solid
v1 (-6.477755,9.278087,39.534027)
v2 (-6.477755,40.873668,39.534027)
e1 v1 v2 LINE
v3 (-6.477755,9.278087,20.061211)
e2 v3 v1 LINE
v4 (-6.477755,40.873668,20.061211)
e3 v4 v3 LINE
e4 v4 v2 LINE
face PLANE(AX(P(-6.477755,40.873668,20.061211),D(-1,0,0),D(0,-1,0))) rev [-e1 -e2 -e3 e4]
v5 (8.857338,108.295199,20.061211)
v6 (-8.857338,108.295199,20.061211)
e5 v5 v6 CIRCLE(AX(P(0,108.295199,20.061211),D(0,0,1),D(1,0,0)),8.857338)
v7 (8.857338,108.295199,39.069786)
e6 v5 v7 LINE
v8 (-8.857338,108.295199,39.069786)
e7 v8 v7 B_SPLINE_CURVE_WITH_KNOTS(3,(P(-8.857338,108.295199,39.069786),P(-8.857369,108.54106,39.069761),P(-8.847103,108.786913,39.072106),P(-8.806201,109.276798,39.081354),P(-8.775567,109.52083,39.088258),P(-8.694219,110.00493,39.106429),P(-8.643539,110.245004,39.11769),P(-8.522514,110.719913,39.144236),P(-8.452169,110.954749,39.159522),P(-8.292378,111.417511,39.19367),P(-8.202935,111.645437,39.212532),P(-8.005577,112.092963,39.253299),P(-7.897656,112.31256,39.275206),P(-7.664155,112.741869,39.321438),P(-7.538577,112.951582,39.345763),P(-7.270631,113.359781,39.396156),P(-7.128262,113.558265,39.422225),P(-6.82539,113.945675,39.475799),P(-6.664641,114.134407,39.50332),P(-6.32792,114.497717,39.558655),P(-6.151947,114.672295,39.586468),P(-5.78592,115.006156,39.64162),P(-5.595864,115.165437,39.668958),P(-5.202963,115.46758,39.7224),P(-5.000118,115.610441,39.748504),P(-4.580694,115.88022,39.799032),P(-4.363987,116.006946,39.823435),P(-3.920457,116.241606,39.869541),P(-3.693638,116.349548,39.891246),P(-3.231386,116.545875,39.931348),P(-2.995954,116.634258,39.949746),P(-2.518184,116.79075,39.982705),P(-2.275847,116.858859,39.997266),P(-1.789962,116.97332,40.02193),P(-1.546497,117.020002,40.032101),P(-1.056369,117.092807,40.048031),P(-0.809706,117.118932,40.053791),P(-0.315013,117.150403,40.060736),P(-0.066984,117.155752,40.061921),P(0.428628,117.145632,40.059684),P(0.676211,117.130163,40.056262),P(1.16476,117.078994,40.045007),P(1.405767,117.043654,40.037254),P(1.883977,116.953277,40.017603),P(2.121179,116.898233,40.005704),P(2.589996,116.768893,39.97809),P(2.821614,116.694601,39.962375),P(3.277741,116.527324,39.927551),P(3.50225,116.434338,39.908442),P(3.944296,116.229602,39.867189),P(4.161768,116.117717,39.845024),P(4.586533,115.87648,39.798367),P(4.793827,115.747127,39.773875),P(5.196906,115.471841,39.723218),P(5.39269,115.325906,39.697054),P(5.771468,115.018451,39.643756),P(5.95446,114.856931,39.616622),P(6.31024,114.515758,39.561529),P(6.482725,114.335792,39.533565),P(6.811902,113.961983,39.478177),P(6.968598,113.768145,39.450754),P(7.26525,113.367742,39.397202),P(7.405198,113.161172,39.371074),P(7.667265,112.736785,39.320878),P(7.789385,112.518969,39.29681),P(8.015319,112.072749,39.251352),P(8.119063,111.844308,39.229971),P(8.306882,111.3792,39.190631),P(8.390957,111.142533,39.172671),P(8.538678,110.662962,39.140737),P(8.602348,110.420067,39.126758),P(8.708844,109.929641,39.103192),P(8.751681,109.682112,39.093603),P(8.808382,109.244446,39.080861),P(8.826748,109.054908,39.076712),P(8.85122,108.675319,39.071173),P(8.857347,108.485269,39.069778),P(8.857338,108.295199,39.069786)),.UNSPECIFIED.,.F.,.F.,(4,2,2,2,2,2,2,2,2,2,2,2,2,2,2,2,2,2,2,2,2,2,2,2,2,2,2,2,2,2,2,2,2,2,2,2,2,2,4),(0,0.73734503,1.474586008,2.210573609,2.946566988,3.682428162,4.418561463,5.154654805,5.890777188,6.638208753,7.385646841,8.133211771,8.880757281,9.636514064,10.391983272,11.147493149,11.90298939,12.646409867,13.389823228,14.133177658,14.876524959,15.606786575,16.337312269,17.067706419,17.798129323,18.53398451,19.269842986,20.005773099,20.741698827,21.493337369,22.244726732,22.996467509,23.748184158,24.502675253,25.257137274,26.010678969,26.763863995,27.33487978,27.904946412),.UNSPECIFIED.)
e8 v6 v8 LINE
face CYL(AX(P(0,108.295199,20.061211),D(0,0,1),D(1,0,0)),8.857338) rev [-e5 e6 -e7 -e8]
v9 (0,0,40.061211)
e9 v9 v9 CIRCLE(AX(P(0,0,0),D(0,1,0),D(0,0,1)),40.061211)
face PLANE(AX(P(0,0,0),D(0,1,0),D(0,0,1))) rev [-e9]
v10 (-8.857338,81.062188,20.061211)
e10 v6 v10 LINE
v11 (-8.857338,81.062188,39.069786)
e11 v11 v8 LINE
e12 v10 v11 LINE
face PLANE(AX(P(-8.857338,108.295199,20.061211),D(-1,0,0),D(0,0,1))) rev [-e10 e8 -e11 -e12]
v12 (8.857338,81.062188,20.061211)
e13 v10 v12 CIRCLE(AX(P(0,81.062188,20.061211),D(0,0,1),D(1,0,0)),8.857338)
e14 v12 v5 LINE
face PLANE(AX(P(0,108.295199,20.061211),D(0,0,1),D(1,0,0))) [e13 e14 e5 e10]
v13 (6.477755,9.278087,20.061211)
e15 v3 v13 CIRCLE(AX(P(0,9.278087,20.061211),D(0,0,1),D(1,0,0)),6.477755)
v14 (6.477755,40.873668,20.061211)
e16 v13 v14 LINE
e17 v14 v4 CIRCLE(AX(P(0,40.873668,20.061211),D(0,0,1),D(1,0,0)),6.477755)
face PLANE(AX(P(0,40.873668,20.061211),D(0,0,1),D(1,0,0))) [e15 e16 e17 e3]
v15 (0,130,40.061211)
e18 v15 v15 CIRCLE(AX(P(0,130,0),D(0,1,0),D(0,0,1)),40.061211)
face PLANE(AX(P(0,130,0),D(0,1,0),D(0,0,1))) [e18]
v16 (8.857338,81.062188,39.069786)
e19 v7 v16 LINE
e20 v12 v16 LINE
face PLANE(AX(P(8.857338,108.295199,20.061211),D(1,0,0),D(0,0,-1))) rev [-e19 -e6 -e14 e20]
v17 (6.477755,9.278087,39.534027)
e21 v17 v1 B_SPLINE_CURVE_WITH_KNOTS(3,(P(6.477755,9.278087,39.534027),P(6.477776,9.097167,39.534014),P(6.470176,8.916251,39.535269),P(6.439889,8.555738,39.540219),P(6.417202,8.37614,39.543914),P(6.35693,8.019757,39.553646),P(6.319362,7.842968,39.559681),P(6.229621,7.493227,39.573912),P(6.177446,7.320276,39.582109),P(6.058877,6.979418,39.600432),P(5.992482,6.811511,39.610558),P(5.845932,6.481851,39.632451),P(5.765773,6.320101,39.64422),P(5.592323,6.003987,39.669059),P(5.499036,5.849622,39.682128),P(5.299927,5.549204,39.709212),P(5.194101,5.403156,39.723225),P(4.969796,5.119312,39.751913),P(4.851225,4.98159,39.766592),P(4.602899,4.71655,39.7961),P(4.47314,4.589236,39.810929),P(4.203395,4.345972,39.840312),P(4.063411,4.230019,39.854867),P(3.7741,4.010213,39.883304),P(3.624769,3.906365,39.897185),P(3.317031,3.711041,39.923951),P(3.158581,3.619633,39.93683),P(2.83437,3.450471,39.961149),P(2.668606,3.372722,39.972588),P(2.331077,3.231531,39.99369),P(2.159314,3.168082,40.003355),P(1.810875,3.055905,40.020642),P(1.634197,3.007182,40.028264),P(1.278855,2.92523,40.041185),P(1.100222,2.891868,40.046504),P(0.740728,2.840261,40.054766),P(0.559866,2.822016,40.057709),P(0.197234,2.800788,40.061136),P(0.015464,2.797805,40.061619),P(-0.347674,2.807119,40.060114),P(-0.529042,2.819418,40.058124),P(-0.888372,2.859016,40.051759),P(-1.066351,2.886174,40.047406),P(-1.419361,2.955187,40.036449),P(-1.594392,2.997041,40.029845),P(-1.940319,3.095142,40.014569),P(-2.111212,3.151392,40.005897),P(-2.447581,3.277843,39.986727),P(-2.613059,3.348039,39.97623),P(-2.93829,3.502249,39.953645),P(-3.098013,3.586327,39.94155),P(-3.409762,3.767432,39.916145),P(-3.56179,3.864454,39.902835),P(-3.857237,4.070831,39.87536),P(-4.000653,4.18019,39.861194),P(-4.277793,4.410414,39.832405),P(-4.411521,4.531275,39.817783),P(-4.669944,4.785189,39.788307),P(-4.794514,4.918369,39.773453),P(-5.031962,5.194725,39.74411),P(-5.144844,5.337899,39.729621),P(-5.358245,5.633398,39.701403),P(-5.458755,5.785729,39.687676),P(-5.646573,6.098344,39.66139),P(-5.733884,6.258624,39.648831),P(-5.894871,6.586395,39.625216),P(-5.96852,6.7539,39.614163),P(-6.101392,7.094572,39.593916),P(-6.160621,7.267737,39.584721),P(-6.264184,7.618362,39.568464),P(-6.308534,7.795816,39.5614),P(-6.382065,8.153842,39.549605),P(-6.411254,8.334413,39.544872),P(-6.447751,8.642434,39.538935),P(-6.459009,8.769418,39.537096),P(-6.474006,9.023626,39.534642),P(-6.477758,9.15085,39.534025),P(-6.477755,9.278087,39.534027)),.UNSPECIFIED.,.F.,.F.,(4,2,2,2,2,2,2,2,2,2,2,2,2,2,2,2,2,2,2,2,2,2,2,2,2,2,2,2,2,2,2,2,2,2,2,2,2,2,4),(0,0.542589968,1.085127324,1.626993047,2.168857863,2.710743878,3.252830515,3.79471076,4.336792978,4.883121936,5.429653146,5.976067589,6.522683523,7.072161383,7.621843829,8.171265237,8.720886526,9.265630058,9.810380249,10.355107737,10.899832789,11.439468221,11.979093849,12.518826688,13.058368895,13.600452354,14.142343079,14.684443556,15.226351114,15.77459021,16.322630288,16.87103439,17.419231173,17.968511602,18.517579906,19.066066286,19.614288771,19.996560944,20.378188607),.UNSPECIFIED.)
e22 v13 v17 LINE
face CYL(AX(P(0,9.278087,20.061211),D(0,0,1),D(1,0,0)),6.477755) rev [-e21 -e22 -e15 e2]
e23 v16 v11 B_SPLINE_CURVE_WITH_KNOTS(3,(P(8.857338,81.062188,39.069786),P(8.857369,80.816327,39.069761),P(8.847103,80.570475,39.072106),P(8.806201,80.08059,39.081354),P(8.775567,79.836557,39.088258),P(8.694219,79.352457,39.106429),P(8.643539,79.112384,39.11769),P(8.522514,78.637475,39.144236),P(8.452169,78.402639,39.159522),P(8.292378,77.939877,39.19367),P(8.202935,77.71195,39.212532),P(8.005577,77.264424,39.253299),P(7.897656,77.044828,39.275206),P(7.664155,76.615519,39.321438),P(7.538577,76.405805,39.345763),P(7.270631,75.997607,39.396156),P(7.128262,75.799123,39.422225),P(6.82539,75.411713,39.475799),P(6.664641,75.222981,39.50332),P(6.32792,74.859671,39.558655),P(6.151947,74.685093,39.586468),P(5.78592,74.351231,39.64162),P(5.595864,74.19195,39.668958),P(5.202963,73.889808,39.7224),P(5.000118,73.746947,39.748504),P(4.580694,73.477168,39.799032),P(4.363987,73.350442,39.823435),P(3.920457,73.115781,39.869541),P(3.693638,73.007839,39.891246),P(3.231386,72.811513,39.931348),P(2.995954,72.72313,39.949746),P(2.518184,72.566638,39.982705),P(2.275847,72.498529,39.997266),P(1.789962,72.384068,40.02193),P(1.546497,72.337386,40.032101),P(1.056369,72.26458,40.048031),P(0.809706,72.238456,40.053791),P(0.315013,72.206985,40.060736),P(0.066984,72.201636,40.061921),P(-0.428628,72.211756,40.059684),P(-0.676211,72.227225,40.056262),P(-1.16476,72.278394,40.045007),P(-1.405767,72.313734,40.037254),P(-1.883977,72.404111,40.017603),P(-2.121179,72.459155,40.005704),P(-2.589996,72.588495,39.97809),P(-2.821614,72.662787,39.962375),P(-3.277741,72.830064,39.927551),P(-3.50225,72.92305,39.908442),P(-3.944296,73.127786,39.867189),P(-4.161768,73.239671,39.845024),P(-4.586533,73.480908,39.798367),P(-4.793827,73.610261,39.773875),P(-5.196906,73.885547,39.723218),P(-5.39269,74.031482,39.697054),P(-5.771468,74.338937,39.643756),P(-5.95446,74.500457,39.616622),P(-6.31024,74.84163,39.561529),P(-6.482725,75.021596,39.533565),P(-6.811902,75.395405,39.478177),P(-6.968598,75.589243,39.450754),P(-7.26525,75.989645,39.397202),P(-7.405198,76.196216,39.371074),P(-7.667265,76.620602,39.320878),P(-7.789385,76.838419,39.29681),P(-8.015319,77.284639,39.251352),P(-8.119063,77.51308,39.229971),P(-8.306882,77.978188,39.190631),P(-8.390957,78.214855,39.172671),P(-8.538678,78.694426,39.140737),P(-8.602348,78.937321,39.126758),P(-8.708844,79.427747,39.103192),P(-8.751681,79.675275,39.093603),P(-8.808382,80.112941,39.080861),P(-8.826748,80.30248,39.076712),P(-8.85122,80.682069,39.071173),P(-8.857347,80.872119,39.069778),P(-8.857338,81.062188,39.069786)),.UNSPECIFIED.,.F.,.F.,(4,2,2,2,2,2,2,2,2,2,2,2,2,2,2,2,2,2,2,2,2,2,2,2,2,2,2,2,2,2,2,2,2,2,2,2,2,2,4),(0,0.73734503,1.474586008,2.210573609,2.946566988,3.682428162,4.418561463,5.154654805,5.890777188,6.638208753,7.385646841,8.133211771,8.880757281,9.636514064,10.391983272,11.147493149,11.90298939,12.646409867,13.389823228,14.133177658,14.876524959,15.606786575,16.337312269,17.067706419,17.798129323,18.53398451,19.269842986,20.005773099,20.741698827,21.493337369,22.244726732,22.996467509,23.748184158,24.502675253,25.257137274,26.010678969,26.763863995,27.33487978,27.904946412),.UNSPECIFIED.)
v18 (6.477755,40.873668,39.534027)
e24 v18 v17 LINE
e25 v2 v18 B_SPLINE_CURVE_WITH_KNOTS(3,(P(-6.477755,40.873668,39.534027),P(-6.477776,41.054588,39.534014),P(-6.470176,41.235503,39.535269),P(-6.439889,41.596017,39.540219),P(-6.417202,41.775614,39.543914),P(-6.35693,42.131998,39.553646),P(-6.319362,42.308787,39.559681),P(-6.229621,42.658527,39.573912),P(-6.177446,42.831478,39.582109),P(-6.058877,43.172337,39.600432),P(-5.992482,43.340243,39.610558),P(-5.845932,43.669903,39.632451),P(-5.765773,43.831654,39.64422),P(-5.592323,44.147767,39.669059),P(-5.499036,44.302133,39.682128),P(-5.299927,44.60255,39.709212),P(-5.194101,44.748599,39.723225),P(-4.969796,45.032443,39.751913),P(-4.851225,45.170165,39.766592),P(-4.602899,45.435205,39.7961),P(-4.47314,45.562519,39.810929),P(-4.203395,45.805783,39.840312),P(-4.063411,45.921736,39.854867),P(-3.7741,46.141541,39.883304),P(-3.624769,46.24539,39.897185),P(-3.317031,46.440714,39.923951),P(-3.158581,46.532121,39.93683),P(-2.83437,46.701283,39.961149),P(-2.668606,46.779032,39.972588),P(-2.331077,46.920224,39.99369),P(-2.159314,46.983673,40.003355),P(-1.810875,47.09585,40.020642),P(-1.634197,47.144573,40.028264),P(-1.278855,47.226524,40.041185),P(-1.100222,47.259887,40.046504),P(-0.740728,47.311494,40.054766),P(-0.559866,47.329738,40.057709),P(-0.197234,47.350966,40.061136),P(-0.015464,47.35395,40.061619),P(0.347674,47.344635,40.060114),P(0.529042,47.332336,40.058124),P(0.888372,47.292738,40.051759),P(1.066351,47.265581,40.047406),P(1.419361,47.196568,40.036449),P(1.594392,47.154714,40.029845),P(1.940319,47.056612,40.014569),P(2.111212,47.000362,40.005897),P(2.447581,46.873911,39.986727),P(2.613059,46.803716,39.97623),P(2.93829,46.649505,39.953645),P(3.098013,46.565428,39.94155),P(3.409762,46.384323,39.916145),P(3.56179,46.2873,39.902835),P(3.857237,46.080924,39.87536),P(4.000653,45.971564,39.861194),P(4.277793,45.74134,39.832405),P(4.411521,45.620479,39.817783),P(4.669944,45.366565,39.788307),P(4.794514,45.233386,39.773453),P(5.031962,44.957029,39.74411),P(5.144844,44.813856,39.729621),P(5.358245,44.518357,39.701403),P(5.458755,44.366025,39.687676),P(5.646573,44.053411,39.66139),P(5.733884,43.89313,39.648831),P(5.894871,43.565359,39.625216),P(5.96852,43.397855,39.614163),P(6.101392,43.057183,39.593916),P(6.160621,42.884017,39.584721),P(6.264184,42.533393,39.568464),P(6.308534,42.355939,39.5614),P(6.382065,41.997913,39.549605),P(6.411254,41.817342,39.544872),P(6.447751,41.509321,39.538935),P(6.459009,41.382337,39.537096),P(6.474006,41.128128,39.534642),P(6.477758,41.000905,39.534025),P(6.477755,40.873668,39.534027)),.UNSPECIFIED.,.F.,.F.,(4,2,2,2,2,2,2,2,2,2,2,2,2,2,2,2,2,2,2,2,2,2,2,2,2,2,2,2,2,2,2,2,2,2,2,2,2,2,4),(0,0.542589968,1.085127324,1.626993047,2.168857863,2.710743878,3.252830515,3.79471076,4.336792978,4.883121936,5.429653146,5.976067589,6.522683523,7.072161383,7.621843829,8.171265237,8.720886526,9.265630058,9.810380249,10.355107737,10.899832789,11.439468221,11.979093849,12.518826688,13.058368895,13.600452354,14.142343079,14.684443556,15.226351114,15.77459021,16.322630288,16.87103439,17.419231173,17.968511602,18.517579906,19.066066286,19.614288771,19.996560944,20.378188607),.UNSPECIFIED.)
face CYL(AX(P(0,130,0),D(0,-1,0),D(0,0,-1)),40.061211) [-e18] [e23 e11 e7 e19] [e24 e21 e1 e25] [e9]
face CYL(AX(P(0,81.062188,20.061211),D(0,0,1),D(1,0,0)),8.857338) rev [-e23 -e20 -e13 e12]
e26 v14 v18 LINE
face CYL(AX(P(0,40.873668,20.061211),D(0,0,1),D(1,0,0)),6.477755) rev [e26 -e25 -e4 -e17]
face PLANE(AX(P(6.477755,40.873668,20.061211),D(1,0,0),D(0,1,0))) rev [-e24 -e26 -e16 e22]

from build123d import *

# Parameters (mm, degrees)
SKETCH_1_R          = 40.061210901
EXTRUDE_1_DEPTH     = 130
CUT_EXTRUDE_1_DEPTH = 20


with BuildPart() as part:
    # 草图1 → 凸台-拉伸1 (new body)
    with BuildSketch(Plane(origin=(0, 0, 0), x_dir=(1, 0, 0), z_dir=(0, 1, 0))):
        with Locations(Location((0, 0, 0), (0, 0, 270))):
            Circle(SKETCH_1_R)
    extrude(amount=EXTRUDE_1_DEPTH)

    # 草图2 → 切除-拉伸1 (cut)
    with BuildSketch(Plane.XY.offset(40.061210901)):
        with BuildLine():
            Line((8.857338492, 108.295199344), (8.857338492, 81.062188459))
            ThreePointArc((8.857338492, 81.062188459), (0, 72.204849967), (-8.857338492, 81.062188459))
            Line((-8.857338492, 81.062188459), (-8.857338492, 108.295199344))
            ThreePointArc((-8.857338492, 108.295199344), (0, 117.152537836), (8.857338492, 108.295199344))
        make_face()
        with BuildLine():
            Line((6.477755016, 40.873667541), (6.477755016, 9.278086951))
            ThreePointArc((6.477755016, 9.278086951), (0, 2.800331935), (-6.477755016, 9.278086951))
            Line((-6.477755016, 9.278086951), (-6.477755016, 40.873667541))
            ThreePointArc((-6.477755016, 40.873667541), (0, 47.351422558), (6.477755016, 40.873667541))
        make_face()
    extrude(amount=-CUT_EXTRUDE_1_DEPTH, mode=Mode.SUBTRACT)


solid = part.part
